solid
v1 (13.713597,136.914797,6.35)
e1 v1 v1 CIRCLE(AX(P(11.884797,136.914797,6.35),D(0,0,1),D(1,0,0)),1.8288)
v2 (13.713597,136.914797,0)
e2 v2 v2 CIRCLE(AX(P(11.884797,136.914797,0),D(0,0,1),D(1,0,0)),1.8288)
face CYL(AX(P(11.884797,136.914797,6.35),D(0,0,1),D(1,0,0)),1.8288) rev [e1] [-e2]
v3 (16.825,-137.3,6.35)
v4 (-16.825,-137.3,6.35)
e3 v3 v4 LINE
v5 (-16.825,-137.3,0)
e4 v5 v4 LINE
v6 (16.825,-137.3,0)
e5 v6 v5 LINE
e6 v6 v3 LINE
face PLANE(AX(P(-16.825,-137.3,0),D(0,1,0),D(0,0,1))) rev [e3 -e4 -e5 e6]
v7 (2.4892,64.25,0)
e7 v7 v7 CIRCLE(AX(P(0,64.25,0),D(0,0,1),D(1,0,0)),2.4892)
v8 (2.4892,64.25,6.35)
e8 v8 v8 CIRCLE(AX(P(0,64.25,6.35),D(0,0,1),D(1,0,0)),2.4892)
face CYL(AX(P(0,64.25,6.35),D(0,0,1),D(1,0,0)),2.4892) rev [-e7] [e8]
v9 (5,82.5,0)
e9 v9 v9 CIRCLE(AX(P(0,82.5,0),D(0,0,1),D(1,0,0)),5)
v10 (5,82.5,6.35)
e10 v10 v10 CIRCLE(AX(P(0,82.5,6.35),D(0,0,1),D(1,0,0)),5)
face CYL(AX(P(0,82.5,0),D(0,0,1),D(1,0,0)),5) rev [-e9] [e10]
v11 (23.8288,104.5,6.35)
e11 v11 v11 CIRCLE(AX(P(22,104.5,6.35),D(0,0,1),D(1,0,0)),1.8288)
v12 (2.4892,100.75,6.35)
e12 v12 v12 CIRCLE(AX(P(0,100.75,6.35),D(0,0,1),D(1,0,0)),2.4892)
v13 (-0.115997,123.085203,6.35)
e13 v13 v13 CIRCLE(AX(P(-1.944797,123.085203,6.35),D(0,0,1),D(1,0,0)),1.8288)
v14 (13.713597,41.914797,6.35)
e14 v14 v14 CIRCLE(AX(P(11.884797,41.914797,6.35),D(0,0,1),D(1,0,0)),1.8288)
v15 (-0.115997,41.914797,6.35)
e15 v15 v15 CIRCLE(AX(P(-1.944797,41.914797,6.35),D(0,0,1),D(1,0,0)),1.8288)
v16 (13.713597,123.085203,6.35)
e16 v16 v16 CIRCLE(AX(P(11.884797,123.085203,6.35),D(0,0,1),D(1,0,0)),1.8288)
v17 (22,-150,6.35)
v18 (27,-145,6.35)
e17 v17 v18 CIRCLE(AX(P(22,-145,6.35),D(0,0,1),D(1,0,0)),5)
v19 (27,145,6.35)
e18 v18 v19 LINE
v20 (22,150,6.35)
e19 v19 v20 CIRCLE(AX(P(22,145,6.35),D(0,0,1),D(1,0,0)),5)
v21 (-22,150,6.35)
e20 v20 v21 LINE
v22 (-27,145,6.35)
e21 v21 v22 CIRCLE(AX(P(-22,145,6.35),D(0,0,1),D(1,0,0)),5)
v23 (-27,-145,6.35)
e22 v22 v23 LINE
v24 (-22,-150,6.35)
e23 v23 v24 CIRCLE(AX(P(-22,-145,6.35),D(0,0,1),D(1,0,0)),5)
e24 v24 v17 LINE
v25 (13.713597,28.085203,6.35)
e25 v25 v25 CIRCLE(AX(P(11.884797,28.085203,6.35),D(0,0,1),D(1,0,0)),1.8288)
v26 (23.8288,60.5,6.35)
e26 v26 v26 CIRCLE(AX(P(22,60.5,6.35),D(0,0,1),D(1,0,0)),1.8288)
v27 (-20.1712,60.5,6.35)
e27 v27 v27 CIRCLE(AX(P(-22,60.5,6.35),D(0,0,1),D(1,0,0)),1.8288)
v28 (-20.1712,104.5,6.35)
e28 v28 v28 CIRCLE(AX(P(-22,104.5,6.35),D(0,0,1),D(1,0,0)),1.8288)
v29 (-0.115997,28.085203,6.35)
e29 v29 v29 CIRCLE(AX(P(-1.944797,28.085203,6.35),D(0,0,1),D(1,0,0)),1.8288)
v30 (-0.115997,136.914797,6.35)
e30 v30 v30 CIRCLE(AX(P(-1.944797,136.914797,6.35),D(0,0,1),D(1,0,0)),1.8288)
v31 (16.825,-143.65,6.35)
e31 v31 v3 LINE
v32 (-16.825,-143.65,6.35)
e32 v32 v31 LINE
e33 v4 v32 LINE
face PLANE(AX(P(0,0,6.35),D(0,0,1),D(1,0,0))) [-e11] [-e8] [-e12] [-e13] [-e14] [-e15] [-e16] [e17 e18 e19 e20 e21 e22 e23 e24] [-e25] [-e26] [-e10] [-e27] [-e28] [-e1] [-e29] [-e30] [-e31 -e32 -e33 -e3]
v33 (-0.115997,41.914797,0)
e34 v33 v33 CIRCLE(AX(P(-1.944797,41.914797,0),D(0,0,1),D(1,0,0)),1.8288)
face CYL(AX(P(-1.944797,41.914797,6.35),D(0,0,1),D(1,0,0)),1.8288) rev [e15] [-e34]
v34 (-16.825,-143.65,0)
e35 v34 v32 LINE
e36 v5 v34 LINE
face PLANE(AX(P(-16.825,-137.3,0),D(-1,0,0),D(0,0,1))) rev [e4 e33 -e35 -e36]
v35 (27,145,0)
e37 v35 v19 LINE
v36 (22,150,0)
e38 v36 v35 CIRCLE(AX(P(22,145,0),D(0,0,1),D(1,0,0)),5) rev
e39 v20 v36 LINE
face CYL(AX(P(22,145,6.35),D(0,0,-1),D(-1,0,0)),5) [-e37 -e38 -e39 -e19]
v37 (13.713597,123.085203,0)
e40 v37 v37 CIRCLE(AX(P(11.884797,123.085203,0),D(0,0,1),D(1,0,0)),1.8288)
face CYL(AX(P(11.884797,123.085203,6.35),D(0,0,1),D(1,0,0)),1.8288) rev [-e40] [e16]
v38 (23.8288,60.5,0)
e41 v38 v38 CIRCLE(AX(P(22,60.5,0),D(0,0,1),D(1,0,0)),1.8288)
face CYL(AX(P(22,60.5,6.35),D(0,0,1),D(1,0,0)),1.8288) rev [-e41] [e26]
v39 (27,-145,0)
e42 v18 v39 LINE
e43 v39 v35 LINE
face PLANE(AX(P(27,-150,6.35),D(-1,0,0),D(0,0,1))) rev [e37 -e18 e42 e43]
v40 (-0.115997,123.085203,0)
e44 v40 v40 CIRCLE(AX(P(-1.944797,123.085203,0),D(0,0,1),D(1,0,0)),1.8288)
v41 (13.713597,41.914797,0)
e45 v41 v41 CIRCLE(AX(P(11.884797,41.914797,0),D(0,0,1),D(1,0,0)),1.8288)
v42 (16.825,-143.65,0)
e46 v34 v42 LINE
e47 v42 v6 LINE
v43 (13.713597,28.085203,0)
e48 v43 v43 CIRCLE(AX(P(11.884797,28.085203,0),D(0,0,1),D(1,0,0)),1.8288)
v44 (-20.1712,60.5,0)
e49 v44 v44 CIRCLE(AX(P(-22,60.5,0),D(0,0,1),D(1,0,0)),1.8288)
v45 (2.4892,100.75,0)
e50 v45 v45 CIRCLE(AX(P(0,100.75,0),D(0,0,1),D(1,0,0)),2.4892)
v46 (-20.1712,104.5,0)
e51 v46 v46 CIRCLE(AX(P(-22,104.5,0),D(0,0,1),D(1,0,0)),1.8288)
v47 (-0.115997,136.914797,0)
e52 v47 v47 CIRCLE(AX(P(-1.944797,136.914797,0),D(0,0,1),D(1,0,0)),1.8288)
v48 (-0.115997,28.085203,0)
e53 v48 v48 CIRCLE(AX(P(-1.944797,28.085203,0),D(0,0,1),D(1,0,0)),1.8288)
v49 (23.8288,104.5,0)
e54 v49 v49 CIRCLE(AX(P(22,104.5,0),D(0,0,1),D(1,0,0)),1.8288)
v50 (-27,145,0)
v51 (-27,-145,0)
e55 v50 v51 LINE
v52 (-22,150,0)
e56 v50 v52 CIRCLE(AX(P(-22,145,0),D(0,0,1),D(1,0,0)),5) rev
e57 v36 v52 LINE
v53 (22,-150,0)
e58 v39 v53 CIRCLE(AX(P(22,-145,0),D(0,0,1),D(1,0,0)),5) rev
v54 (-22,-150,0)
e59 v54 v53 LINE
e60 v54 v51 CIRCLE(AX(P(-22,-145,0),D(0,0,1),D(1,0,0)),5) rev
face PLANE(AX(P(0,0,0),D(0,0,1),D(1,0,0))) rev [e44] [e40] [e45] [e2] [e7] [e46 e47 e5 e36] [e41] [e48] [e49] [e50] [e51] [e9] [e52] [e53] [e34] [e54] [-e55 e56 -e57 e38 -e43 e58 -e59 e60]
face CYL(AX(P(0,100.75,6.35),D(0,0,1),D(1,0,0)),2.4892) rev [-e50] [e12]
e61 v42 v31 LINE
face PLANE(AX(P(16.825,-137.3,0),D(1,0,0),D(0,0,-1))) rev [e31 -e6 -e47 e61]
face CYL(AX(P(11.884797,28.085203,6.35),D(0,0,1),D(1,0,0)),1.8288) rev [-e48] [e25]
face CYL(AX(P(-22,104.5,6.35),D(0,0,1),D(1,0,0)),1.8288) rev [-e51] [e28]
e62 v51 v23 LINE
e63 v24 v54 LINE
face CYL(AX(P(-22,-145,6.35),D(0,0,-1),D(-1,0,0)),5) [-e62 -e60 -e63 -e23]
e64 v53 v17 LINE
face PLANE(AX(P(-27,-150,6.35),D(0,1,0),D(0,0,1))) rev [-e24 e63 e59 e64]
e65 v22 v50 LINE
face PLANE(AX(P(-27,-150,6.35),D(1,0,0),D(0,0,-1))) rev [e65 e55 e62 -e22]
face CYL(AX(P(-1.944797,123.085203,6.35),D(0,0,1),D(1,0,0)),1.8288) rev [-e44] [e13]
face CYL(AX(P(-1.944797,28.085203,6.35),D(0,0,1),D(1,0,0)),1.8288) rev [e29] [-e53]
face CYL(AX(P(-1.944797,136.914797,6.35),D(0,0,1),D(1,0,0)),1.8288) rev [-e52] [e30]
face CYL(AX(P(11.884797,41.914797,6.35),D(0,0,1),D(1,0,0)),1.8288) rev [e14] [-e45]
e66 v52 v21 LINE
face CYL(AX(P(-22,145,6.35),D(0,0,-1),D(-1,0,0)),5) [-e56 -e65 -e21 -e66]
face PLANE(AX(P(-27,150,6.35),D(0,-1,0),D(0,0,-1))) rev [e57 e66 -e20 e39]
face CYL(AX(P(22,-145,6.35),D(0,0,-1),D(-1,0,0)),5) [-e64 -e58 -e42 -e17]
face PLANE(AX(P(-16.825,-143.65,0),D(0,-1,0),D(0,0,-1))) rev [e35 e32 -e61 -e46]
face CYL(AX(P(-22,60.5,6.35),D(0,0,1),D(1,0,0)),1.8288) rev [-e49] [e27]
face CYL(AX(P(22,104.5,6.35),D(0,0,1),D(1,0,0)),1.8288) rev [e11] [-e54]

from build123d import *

# Parameters (mm, degrees)
SKETCH1_W              = 54
SKETCH1_H              = 300
BOSS_EXTRUDE1_DEPTH    = 6.35
FILLET1_R              = 5
SKETCH3_R              = 5
CUT_EXTRUDE1_DEPTH     = 7.35
F_6_CLEARANCE_HOLE1_D  = 3.6576
SKETCH6_W              = 33.65
SKETCH6_H              = 6.35
CUT_EXTRUDE2_DEPTH     = 7.35
F_10_CLEARANCE_HOLE2_D = 4.9784


with BuildPart() as part:
    # Sketch1 → Boss-Extrude1 (new body)
    with BuildSketch(Plane.XY):
        Rectangle(SKETCH1_W, SKETCH1_H)
    extrude(amount=BOSS_EXTRUDE1_DEPTH)

    # Fillet1
    fillet1_edges = [part.edges().sort_by_distance(p)[0] for p in [
        (-27, -150, 3.175),
        (-27, 150, 3.175),
        (27, 150, 3.175),
        (27, -150, 3.175),
    ]]
    fillet(fillet1_edges, radius=FILLET1_R)

    # Sketch3 → Cut-Extrude1 (cut, through all)
    with BuildSketch(Plane.XY.offset(6.35)):
        with Locations((0, 82.5)):
            Circle(SKETCH3_R)
    extrude(amount=-CUT_EXTRUDE1_DEPTH, mode=Mode.SUBTRACT)

    # #6 Clearance Hole1 (through all)
    with Locations(Plane.XY.offset(6.35)):
        with Locations((-22, 104.5), (-22, 60.5), (22, 60.5), (22, 104.5), (-1.944797213, 123.085202787), (-1.944797213, 136.914797213), (11.884797213, 136.914797213), (11.884797213, 123.085202787), (-1.944797213, 41.914797213), (11.884797213, 41.914797213), (11.884797213, 28.085202787), (-1.944797213, 28.085202787)):
            Hole(F_6_CLEARANCE_HOLE1_D / 2)

    # Sketch6 → Cut-Extrude2 (cut, through all)
    with BuildSketch(Plane.XY.offset(6.35)):
        with Locations((0, -140.475)):
            Rectangle(SKETCH6_W, SKETCH6_H)
    extrude(amount=-CUT_EXTRUDE2_DEPTH, mode=Mode.SUBTRACT)

    # #10 Clearance Hole2 (through all)
    with Locations(Plane.XY.offset(6.35)):
        with Locations((0, 64.25), (0, 100.75)):
            Hole(F_10_CLEARANCE_HOLE2_D / 2)


solid = part.part
